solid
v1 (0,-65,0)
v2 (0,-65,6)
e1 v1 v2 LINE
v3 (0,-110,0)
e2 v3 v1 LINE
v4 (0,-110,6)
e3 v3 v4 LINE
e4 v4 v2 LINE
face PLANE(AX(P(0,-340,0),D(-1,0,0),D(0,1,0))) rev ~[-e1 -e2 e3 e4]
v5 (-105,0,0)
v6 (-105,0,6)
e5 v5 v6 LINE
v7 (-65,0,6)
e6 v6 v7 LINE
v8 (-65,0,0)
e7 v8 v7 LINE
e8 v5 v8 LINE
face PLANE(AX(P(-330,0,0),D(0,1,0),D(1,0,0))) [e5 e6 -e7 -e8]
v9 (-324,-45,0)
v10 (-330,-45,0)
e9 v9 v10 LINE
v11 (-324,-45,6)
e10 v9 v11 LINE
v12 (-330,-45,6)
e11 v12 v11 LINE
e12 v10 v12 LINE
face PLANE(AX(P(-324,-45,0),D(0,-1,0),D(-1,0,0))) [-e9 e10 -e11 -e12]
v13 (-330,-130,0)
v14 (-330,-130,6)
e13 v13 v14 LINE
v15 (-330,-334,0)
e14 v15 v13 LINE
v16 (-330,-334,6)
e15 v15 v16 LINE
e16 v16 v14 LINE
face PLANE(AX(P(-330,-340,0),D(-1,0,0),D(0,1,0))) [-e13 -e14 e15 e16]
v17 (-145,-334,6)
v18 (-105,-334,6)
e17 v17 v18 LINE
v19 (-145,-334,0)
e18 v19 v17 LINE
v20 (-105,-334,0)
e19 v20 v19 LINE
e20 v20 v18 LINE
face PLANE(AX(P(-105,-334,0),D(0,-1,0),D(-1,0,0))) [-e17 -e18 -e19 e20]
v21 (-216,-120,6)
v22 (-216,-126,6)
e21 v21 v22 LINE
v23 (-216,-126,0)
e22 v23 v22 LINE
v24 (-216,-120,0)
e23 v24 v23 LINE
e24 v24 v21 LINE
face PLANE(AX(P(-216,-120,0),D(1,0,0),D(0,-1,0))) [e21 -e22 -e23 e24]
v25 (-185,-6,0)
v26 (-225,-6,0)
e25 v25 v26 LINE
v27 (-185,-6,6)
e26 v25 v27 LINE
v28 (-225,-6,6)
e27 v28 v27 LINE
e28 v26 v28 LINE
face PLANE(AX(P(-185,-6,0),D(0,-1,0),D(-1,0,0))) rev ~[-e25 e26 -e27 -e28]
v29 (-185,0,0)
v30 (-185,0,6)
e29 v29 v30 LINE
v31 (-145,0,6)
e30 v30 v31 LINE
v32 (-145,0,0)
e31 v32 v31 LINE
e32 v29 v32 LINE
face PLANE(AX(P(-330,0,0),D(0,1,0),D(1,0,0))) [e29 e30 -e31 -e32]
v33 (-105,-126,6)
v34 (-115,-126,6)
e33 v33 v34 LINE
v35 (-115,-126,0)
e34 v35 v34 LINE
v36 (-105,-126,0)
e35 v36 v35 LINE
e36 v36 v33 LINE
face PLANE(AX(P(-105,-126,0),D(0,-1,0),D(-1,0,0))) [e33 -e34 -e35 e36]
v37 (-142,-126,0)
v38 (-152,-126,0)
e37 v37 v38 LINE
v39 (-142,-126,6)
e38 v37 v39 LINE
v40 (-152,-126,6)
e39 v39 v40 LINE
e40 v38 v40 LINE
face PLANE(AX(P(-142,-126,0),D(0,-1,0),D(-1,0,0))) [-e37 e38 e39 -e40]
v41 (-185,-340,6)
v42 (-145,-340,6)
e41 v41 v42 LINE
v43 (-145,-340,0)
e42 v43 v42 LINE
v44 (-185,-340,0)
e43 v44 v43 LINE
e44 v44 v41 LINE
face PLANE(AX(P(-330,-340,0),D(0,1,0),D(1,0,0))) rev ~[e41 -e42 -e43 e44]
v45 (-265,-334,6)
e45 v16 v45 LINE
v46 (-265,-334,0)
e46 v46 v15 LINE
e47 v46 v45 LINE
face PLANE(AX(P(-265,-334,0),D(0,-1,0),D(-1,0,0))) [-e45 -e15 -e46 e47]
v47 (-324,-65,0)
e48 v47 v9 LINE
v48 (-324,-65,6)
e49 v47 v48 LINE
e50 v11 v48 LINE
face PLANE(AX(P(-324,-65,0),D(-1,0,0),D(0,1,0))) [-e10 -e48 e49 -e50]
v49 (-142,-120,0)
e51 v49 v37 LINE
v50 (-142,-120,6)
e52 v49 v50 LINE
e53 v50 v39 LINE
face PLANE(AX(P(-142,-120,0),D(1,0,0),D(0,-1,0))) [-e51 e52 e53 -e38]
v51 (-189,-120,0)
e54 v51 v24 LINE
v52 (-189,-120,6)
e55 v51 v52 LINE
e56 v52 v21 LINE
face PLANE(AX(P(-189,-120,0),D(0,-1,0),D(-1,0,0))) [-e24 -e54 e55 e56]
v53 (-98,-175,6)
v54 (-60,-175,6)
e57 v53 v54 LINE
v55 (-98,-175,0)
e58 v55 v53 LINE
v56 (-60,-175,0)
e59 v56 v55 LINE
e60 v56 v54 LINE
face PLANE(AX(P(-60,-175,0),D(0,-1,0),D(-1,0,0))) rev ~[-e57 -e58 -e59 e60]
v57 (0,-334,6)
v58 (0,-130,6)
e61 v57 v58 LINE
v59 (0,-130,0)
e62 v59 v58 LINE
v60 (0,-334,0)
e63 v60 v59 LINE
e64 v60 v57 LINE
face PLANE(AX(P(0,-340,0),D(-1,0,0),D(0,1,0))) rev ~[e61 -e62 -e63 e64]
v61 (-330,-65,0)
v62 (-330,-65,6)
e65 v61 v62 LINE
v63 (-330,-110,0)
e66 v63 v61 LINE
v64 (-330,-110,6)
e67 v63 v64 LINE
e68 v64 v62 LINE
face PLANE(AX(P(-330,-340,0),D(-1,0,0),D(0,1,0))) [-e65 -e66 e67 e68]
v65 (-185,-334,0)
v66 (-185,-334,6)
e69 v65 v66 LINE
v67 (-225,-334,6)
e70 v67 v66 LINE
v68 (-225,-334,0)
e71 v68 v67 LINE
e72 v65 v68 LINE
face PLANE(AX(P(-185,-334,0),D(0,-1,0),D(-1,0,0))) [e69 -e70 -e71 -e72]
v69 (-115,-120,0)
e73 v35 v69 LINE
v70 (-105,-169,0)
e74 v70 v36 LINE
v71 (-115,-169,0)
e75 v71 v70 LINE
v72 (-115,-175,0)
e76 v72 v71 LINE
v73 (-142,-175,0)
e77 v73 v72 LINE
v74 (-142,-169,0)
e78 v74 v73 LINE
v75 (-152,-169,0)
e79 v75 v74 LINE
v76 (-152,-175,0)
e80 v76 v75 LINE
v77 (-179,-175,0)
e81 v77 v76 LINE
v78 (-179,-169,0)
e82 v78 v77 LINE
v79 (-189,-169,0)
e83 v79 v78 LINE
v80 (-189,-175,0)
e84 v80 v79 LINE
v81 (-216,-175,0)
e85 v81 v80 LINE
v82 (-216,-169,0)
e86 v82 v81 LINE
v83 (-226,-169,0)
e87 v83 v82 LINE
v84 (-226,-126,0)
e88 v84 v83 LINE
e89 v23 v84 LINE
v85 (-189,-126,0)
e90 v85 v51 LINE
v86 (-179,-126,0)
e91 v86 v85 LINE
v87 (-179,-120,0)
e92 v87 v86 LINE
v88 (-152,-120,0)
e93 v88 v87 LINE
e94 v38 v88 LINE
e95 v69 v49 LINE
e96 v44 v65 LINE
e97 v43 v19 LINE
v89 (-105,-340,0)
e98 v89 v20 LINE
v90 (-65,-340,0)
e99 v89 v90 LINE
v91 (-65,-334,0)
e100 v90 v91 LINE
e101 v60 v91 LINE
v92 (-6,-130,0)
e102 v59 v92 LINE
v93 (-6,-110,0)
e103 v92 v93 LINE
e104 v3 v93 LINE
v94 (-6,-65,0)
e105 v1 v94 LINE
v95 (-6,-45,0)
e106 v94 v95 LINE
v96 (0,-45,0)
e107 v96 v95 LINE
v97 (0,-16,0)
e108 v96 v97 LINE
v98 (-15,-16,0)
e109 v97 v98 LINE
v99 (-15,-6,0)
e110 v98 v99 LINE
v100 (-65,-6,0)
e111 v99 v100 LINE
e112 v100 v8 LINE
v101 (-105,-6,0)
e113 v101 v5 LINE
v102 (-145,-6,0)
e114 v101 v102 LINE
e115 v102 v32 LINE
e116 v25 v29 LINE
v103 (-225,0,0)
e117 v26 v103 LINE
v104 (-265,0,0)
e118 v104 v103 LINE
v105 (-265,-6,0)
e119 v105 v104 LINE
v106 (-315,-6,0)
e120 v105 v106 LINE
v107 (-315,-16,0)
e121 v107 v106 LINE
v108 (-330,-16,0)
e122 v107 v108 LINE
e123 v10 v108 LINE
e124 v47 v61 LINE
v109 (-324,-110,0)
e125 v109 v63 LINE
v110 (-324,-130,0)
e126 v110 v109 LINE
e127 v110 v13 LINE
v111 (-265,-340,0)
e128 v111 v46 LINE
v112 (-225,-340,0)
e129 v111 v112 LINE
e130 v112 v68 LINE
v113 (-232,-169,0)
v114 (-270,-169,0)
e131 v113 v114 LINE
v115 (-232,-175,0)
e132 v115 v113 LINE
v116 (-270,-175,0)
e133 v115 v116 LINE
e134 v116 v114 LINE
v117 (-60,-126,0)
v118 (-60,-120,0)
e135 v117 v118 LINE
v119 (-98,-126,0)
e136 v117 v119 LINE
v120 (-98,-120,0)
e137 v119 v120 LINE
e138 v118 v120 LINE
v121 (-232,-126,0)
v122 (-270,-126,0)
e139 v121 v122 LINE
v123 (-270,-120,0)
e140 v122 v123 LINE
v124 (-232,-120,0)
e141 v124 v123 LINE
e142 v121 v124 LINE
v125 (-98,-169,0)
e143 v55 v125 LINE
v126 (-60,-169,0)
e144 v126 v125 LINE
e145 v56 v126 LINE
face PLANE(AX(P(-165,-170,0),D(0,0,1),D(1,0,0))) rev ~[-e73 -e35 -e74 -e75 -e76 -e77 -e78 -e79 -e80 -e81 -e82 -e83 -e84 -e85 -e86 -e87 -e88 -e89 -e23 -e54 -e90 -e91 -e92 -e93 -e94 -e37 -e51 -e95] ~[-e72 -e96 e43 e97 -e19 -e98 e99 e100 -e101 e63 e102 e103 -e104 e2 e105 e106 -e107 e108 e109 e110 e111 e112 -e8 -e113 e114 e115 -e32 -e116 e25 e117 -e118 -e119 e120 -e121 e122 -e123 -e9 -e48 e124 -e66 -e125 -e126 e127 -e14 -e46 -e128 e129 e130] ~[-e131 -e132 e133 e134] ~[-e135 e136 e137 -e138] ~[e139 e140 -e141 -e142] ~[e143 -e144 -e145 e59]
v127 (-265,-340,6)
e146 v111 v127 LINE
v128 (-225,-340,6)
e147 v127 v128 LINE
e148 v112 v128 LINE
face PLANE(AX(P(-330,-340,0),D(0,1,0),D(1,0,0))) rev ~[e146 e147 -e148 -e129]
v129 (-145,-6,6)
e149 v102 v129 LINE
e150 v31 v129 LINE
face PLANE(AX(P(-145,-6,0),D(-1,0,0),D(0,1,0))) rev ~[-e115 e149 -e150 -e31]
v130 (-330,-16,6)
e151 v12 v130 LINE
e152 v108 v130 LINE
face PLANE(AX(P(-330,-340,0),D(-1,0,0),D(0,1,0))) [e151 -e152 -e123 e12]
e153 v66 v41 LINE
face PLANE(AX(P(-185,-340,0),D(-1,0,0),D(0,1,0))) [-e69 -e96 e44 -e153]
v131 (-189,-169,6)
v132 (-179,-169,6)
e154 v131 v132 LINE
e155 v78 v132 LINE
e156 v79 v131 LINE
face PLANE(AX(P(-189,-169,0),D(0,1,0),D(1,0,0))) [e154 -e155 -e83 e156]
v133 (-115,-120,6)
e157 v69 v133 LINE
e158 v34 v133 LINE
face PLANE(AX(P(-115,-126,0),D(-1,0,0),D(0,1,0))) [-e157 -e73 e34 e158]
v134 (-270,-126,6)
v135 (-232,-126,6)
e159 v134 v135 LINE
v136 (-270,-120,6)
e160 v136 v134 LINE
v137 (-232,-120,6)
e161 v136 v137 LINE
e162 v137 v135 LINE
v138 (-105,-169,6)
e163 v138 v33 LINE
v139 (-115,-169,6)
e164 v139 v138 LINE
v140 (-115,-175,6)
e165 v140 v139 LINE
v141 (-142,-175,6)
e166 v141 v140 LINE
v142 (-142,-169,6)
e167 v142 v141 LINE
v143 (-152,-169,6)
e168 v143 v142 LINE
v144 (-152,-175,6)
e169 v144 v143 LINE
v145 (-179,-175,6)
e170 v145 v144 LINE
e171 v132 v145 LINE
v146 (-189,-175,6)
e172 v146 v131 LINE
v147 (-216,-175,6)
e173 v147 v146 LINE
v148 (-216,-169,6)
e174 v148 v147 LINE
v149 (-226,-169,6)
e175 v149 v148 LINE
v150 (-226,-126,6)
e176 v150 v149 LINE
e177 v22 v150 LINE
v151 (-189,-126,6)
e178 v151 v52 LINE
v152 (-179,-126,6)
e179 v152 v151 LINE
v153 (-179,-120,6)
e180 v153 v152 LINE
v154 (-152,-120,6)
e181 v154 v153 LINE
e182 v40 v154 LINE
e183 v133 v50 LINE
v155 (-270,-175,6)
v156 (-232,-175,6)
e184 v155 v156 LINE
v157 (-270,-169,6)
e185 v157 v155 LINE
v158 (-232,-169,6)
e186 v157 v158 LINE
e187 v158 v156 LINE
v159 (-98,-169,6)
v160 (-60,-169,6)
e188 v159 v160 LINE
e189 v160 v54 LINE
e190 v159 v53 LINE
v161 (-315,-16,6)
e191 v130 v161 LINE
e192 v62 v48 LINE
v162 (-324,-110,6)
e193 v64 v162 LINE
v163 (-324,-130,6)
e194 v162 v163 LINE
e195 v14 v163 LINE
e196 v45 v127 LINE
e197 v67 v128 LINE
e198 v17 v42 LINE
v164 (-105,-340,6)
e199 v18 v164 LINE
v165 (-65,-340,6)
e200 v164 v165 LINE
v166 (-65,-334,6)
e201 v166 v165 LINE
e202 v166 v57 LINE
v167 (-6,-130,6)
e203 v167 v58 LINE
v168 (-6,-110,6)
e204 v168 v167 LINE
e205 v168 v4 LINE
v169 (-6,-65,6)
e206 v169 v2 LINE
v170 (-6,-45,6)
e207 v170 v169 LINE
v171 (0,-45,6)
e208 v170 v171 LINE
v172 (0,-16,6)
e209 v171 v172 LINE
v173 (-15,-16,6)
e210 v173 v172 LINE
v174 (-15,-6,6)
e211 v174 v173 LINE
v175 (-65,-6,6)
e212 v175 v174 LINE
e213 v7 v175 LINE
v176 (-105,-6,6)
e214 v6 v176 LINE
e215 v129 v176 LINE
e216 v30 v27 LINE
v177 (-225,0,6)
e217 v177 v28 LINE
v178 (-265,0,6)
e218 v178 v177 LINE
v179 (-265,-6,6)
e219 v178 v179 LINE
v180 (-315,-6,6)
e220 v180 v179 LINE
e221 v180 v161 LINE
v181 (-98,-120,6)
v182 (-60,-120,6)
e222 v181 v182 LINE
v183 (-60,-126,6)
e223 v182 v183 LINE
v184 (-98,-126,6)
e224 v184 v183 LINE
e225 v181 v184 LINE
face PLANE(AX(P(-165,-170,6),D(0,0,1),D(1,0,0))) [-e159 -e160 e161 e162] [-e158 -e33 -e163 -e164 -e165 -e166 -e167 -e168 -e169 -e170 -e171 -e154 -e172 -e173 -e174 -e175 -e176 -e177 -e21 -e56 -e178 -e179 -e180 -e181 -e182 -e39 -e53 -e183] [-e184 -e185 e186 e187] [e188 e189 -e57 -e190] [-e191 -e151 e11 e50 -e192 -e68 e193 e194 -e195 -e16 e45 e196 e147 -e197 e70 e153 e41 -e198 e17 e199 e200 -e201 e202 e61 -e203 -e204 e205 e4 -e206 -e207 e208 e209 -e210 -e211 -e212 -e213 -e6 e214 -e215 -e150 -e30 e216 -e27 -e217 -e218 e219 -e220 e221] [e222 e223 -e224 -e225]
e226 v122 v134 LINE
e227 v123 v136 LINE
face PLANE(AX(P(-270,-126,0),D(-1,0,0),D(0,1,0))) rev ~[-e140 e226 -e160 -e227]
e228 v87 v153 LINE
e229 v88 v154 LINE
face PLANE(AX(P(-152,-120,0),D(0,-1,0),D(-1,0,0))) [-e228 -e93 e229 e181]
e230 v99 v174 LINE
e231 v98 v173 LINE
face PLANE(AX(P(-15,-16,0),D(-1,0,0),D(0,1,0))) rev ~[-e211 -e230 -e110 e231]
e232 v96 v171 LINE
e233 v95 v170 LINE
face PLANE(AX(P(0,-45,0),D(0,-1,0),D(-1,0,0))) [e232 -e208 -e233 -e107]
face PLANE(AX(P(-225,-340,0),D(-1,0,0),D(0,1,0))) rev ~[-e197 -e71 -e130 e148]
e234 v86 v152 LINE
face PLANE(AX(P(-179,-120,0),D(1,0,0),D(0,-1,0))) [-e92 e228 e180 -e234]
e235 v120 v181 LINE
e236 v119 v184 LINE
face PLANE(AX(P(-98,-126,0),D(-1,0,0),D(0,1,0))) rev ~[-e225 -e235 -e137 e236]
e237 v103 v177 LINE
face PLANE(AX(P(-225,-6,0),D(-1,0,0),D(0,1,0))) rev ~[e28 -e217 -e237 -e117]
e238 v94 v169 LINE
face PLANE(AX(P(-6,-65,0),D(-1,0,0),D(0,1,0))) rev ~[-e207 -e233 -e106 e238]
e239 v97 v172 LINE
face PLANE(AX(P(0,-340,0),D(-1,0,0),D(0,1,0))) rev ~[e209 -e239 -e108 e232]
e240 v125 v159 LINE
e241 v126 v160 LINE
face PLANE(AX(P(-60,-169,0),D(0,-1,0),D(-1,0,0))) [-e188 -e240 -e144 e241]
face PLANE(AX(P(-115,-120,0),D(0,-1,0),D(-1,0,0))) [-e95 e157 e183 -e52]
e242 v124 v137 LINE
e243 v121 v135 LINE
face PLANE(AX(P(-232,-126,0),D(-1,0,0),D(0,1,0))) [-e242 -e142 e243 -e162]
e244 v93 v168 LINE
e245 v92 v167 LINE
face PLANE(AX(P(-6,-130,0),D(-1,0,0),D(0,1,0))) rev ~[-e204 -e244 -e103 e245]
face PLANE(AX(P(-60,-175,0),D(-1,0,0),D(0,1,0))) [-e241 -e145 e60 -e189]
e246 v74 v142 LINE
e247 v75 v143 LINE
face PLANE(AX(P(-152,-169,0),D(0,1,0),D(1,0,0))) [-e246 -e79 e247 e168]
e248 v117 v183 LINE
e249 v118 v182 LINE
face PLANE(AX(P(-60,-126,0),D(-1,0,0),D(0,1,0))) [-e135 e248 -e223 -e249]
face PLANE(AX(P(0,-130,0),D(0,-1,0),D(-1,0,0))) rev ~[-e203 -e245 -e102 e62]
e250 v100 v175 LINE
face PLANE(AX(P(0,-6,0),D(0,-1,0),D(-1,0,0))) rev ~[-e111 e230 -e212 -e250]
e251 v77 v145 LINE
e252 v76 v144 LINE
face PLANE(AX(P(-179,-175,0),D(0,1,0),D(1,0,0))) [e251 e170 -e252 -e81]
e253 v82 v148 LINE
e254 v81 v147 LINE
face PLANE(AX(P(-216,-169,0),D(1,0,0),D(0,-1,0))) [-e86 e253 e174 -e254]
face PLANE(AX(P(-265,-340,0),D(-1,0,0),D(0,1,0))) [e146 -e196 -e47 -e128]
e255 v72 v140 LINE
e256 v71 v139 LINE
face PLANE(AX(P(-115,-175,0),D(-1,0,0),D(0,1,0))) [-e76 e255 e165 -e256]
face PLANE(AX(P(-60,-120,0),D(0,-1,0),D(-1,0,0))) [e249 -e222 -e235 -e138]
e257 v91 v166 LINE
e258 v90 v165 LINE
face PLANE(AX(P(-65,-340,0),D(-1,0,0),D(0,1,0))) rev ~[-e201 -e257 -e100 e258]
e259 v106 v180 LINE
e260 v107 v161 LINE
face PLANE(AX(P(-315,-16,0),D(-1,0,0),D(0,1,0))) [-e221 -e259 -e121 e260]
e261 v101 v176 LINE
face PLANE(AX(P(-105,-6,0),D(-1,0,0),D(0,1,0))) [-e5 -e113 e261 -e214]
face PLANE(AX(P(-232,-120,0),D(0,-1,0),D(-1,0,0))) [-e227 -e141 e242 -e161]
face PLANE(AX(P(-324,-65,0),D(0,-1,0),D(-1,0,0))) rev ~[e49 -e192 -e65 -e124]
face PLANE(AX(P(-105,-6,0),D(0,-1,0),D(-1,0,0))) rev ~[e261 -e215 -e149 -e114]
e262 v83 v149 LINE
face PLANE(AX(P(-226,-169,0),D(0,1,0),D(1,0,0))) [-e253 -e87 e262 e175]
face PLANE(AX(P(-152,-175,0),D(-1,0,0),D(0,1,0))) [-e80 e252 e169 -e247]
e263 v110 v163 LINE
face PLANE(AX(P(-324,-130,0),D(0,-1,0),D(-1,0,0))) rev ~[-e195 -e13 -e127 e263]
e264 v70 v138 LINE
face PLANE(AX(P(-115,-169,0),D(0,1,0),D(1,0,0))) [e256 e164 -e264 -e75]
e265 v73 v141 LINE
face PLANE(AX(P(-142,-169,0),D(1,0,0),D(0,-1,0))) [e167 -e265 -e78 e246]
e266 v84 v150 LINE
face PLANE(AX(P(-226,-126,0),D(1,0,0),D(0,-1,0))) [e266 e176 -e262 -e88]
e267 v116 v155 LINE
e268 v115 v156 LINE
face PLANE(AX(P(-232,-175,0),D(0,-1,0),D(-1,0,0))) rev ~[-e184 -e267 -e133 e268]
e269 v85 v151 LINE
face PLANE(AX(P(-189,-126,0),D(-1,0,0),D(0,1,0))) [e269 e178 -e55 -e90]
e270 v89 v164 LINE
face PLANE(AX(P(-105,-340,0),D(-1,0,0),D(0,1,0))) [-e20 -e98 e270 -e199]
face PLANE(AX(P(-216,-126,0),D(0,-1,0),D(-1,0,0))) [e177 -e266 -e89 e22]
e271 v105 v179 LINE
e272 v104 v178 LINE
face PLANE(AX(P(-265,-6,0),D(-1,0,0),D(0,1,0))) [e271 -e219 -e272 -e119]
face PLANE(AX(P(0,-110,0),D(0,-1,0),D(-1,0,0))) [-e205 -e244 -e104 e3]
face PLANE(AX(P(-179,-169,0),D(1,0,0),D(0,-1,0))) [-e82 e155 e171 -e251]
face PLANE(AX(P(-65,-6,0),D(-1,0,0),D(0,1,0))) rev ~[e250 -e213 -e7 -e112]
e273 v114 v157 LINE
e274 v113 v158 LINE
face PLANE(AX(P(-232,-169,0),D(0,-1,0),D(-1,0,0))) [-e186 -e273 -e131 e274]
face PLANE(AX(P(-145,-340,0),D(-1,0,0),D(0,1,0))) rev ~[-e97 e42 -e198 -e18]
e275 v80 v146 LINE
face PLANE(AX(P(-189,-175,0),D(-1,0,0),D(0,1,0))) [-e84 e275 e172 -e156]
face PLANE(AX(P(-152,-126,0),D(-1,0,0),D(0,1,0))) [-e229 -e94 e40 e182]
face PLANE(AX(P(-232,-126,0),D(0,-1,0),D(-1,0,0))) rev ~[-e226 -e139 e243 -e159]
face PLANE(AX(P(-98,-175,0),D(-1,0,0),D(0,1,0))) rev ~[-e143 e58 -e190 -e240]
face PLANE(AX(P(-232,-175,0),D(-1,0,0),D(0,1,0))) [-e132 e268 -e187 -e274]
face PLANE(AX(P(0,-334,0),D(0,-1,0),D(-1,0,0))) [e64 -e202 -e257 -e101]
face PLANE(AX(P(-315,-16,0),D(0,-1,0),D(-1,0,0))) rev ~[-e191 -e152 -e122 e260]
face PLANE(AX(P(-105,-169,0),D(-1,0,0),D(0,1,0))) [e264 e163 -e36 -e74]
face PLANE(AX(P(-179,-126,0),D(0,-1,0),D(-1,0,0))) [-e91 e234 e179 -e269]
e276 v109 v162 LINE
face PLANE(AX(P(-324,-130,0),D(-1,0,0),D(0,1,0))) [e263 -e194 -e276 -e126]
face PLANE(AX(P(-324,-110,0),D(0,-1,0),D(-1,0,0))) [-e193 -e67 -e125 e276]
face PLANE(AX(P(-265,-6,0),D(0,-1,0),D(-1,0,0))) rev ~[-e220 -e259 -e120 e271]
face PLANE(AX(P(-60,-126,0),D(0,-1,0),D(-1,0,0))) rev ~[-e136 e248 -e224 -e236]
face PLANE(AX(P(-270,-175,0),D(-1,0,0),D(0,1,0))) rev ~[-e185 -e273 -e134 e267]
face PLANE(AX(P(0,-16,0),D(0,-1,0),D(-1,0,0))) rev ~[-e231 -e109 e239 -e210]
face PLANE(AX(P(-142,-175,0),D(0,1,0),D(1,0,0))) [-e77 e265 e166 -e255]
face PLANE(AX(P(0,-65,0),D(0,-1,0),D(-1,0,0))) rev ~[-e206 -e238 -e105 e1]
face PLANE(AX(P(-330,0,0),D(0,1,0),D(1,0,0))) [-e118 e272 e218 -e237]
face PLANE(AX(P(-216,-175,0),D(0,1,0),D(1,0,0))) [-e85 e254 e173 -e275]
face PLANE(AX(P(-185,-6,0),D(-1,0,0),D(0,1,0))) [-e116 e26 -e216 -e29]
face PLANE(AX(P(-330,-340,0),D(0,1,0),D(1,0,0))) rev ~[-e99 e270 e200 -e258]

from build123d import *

# Parameters (mm, degrees)
ESQUISSE2_W                            = 330
ESQUISSE2_H                            = 340
BOSS_EXTRU_1_DEPTH                     = 6
ESQUISSE4_W                            = 65
ESQUISSE4_H                            = 6
ESQUISSE4_W_2                          = 40
ESQUISSE4_W_3                          = 6
ESQUISSE4_H_2                          = 20
ENL_V_MAT_ENCOCHE_BORD_DEPTH           = 474.852297662
ESQUISSE5_W                            = 38
ESQUISSE5_H                            = 6
ESQUISSE5_W_2                          = 15
ESQUISSE5_H_2                          = 10
ENL_V_MAT_ENCOCHE_TAGE_ROULETTES_DEPTH = 474.852297662
ENL_V_MAT_EXTRU_2_DEPTH                = 6


with BuildPart() as part:
    # Esquisse2 → Boss.-Extru.1 (new body)
    with BuildSketch(Plane.XY):
        with Locations((-165, -170)):
            Rectangle(ESQUISSE2_W, ESQUISSE2_H)
    extrude(amount=BOSS_EXTRU_1_DEPTH)

    # Esquisse4 → Enlèv. mat encoche bord (cut, through all)
    with BuildSketch(Plane(origin=(0, 0, 0), x_dir=(-1, 0, 0), z_dir=(0, 0, -1))):
        with Locations((297.5, -3)):
            Rectangle(ESQUISSE4_W, ESQUISSE4_H)
        with Locations((205, -3)):
            Rectangle(ESQUISSE4_W_2, ESQUISSE4_H)
        with Locations((125, -3)):
            Rectangle(ESQUISSE4_W_2, ESQUISSE4_H)
        with Locations((32.5, -3)):
            Rectangle(ESQUISSE4_W, ESQUISSE4_H)
        with Locations((327, -55)):
            Rectangle(ESQUISSE4_W_3, ESQUISSE4_H_2)
        with Locations((3, -55)):
            Rectangle(ESQUISSE4_W_3, ESQUISSE4_H_2)
        with Locations((297.5, -337)):
            Rectangle(ESQUISSE4_W, ESQUISSE4_H)
        with Locations((205, -337)):
            Rectangle(ESQUISSE4_W_2, ESQUISSE4_H)
        with Locations((125, -337)):
            Rectangle(ESQUISSE4_W_2, ESQUISSE4_H)
        with Locations((32.5, -337)):
            Rectangle(ESQUISSE4_W, ESQUISSE4_H)
        with Locations((327, -120)):
            Rectangle(ESQUISSE4_W_3, ESQUISSE4_H_2)
        with Locations((3, -120)):
            Rectangle(ESQUISSE4_W_3, ESQUISSE4_H_2)
    extrude(amount=-ENL_V_MAT_ENCOCHE_BORD_DEPTH, mode=Mode.SUBTRACT)

    # Esquisse5 → Enlèv. mat encoche étage + roulettes (cut, through all)
    with BuildSketch(Plane(origin=(0, 0, 0), x_dir=(-1, 0, 0), z_dir=(0, 0, -1))):
        with Locations((251, -172)):
            Rectangle(ESQUISSE5_W, ESQUISSE5_H)
        with Locations((79, -172)):
            Rectangle(ESQUISSE5_W, ESQUISSE5_H)
        with Locations((322.5, -11)):
            Rectangle(ESQUISSE5_W_2, ESQUISSE5_H_2)
        with Locations((7.5, -11)):
            Rectangle(ESQUISSE5_W_2, ESQUISSE5_H_2)
        with Locations((251, -123)):
            Rectangle(ESQUISSE5_W, ESQUISSE5_H)
        with Locations((79, -123)):
            Rectangle(ESQUISSE5_W, ESQUISSE5_H)
    extrude(amount=-ENL_V_MAT_ENCOCHE_TAGE_ROULETTES_DEPTH, mode=Mode.SUBTRACT)

    # Esquisse6 → Enlèv. mat.-Extru.2 (cut)
    with BuildSketch(Plane(origin=(0, 0, 0), x_dir=(-1, 0, 0), z_dir=(0, 0, -1))):
        Polygon((226, -169), (216, -169), (216, -175), (189, -175), (189, -169), (179, -169), (179, -175), (152, -175), (152, -169), (142, -169), (142, -175), (115, -175), (115, -169), (105, -169), (105, -126), (115, -126), (115, -120), (142, -120), (142, -126), (152, -126), (152, -120), (179, -120), (179, -126), (189, -126), (189, -120), (216, -120), (216, -126), (226, -126), align=None)
    extrude(amount=-ENL_V_MAT_EXTRU_2_DEPTH, mode=Mode.SUBTRACT)


solid = part.part
